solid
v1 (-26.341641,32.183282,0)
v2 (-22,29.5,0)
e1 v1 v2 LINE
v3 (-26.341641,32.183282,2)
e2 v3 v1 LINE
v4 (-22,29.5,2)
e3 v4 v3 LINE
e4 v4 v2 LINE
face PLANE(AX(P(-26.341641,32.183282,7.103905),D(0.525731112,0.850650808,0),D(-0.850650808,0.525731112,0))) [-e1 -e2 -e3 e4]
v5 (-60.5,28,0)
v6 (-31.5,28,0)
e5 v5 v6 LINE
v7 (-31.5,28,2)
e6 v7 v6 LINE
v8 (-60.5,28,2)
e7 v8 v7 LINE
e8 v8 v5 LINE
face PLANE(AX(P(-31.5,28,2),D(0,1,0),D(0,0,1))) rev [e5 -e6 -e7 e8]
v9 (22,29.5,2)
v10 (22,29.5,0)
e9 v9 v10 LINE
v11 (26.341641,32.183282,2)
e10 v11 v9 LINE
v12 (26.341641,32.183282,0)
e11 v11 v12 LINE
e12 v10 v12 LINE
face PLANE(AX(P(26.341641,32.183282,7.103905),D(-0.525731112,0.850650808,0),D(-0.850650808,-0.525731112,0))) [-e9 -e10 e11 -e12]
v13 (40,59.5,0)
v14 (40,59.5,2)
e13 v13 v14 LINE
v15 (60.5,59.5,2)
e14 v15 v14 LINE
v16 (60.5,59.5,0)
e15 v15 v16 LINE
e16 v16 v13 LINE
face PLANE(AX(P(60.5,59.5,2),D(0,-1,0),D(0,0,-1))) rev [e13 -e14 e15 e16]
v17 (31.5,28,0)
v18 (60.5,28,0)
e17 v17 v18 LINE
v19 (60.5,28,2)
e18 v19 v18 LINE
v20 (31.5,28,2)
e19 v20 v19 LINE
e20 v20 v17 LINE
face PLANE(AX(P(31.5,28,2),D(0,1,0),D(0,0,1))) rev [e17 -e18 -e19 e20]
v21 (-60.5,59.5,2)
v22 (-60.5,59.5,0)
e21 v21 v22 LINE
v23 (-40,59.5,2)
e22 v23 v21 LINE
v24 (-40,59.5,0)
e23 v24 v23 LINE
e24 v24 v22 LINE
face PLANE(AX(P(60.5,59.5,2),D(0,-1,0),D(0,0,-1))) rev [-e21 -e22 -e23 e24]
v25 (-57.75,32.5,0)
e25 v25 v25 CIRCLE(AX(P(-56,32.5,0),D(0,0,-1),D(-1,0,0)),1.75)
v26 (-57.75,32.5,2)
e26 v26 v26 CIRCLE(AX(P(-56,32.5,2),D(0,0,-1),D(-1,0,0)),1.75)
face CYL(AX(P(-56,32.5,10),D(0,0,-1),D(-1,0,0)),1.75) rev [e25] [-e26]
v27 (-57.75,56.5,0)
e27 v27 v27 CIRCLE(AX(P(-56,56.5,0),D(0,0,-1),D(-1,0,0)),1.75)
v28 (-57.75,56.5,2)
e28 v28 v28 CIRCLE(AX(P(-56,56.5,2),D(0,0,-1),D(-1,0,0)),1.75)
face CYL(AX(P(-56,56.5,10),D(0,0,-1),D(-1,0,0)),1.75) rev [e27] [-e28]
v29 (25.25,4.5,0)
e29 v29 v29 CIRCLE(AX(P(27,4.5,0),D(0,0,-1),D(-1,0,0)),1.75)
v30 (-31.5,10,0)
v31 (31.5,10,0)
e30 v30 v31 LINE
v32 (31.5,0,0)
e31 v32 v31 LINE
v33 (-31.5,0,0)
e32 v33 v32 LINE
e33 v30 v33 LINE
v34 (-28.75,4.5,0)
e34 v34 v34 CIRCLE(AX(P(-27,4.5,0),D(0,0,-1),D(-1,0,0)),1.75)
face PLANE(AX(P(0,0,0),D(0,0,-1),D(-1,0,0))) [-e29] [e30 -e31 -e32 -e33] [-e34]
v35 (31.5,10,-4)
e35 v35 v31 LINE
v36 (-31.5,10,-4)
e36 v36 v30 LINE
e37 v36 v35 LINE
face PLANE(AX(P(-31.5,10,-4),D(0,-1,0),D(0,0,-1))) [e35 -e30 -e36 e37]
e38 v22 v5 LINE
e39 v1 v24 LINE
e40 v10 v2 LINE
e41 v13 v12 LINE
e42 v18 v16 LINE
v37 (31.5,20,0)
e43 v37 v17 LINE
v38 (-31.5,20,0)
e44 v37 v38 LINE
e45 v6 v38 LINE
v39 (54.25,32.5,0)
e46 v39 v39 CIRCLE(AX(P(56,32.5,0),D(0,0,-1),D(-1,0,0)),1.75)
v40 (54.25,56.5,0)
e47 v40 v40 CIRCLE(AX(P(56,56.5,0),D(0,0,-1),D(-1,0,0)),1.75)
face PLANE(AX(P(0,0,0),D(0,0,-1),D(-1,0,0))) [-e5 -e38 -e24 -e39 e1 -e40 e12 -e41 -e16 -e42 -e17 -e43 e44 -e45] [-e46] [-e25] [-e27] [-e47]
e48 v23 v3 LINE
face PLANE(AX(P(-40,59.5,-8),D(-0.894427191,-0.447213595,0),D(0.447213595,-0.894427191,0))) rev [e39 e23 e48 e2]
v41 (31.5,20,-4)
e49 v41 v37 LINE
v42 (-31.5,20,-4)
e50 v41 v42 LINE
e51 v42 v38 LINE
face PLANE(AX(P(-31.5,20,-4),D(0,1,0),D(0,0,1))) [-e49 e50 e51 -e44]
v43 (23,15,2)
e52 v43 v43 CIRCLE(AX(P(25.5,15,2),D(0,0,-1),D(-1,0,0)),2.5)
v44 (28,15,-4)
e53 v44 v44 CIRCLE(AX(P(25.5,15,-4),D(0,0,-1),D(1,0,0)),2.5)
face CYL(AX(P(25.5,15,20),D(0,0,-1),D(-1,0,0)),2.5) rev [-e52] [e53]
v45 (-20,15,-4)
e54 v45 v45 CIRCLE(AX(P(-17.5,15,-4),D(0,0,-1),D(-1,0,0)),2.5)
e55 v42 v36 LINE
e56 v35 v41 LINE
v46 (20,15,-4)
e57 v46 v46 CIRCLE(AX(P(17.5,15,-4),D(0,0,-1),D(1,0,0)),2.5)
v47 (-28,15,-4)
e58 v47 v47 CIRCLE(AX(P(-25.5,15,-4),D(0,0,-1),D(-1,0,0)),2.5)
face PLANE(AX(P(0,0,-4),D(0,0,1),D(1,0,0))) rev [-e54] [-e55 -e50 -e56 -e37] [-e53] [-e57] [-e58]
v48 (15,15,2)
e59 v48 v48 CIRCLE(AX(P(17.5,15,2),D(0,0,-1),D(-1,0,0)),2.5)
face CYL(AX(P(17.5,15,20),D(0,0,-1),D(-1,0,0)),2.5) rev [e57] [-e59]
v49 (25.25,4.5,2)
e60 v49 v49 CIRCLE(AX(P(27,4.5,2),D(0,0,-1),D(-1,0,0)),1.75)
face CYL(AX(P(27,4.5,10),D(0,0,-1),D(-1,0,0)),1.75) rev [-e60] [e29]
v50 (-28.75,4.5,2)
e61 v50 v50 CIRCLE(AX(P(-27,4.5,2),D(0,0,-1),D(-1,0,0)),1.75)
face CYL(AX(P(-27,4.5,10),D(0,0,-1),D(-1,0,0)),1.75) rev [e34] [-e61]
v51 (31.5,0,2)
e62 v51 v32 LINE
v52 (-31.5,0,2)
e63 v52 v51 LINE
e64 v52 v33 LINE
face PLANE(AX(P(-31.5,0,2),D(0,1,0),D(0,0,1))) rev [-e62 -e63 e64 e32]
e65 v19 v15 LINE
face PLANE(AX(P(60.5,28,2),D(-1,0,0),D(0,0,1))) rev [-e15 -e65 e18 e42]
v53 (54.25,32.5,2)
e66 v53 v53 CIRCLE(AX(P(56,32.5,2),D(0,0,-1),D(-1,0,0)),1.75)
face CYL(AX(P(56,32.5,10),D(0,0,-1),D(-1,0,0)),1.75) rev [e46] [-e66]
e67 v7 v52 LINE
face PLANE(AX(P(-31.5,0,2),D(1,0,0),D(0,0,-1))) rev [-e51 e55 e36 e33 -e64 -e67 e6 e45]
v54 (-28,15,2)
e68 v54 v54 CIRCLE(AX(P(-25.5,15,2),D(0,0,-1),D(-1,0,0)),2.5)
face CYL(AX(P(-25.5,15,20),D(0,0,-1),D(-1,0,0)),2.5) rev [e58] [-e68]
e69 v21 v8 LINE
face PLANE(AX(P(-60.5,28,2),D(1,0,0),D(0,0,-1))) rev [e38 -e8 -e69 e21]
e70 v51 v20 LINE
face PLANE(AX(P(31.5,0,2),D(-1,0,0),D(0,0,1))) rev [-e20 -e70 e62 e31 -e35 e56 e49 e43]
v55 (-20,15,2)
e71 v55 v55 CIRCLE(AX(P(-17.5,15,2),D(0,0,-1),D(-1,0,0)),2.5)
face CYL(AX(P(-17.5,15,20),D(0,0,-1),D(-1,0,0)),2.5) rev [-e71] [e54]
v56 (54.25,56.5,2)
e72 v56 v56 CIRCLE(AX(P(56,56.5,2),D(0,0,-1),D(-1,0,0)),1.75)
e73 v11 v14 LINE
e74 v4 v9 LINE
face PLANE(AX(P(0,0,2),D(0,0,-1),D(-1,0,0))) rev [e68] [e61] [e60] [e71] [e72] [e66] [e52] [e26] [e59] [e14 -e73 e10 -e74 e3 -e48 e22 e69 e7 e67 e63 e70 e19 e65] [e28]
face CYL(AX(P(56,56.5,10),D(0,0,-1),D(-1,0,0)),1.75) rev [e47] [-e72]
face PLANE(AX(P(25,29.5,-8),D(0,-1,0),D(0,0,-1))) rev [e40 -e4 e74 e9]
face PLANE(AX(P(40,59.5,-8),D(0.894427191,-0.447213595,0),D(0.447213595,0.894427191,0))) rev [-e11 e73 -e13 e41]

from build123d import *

# Parameters (mm, degrees)
P_IDAT_VYSUNUT_M1_DEPTH  = 2
SKICA2_R                 = 1.75
ODEBRAT_VYSUNUT_M1_DEPTH = 10
SKICA3_W                 = 63
SKICA3_H                 = 10
P_IDAT_VYSUNUT_M2_DEPTH  = 4
SKICA4_R                 = 2.5
ODEBRAT_VYSUNUT_M2_DEPTH = 24
ODEBRAT_VYSUNUT_M3_DEPTH = 10
P_IDAT_VYSUNUT_M3_DEPTH  = 2


with BuildPart() as part:
    # Skica1 → Přidat vysunutím1 (new body)
    with BuildSketch(Plane.XY):
        Polygon((-31.5, 0), (31.5, 0), (31.5, 28), (60.5, 28), (60.5, 59.5), (-60.5, 59.5), (-60.5, 28), (-31.5, 28), align=None)
    extrude(amount=P_IDAT_VYSUNUT_M1_DEPTH)

    # Skica2 → Odebrat vysunutím1 (cut)
    with BuildSketch(Plane(origin=(0, 0, 0), x_dir=(-1, 0, 0), z_dir=(0, 0, -1))):
        with Locations((-56, 56.5)):
            Circle(SKICA2_R)
        with Locations((-56, 32.5)):
            Circle(SKICA2_R)
        with Locations((-27, 4.5)):
            Circle(SKICA2_R)
        with Locations((27, 4.5)):
            Circle(SKICA2_R)
        with Locations((56, 32.5)):
            Circle(SKICA2_R)
        with Locations((56, 56.5)):
            Circle(SKICA2_R)
    extrude(amount=-ODEBRAT_VYSUNUT_M1_DEPTH, mode=Mode.SUBTRACT)

    # Skica3 → Přidat vysunutím2 (add)
    with BuildSketch(Plane.XY):
        with Locations((0, 15)):
            Rectangle(SKICA3_W, SKICA3_H)
    extrude(amount=-P_IDAT_VYSUNUT_M2_DEPTH)

    # Skica4 → Odebrat vysunutím2 (cut)
    with BuildSketch(Plane(origin=(0, 0, -4), x_dir=(-1, 0, 0), z_dir=(0, 0, -1))):
        with Locations((17.5, 15)):
            Circle(SKICA4_R)
        with Locations((25.5, 15)):
            Circle(SKICA4_R)
        with Locations((-25.5, 15)):
            Circle(SKICA4_R)
        with Locations((-17.5, 15)):
            Circle(SKICA4_R)
    extrude(amount=-ODEBRAT_VYSUNUT_M2_DEPTH, mode=Mode.SUBTRACT)

    # Skica5 → Odebrat vysunutím3 (cut)
    with BuildSketch(Plane.XY.offset(2)):
        Polygon((40, 59.5), (-40, 59.5), (-25, 29.5), (25, 29.5), align=None)
    extrude(amount=-ODEBRAT_VYSUNUT_M3_DEPTH, mode=Mode.SUBTRACT)

    # Skica6 → Přidat vysunutím3 (add)
    with BuildSketch(Plane(origin=(0, 0, 0), x_dir=(-1, 0, 0), z_dir=(0, 0, -1))):
        Polygon((-25, 29.5), (-26.341640786, 32.183281573), (-22, 29.5), align=None)
        Polygon((25, 29.5), (26.341640786, 32.183281573), (22, 29.5), align=None)
    extrude(amount=-P_IDAT_VYSUNUT_M3_DEPTH)


solid = part.part
